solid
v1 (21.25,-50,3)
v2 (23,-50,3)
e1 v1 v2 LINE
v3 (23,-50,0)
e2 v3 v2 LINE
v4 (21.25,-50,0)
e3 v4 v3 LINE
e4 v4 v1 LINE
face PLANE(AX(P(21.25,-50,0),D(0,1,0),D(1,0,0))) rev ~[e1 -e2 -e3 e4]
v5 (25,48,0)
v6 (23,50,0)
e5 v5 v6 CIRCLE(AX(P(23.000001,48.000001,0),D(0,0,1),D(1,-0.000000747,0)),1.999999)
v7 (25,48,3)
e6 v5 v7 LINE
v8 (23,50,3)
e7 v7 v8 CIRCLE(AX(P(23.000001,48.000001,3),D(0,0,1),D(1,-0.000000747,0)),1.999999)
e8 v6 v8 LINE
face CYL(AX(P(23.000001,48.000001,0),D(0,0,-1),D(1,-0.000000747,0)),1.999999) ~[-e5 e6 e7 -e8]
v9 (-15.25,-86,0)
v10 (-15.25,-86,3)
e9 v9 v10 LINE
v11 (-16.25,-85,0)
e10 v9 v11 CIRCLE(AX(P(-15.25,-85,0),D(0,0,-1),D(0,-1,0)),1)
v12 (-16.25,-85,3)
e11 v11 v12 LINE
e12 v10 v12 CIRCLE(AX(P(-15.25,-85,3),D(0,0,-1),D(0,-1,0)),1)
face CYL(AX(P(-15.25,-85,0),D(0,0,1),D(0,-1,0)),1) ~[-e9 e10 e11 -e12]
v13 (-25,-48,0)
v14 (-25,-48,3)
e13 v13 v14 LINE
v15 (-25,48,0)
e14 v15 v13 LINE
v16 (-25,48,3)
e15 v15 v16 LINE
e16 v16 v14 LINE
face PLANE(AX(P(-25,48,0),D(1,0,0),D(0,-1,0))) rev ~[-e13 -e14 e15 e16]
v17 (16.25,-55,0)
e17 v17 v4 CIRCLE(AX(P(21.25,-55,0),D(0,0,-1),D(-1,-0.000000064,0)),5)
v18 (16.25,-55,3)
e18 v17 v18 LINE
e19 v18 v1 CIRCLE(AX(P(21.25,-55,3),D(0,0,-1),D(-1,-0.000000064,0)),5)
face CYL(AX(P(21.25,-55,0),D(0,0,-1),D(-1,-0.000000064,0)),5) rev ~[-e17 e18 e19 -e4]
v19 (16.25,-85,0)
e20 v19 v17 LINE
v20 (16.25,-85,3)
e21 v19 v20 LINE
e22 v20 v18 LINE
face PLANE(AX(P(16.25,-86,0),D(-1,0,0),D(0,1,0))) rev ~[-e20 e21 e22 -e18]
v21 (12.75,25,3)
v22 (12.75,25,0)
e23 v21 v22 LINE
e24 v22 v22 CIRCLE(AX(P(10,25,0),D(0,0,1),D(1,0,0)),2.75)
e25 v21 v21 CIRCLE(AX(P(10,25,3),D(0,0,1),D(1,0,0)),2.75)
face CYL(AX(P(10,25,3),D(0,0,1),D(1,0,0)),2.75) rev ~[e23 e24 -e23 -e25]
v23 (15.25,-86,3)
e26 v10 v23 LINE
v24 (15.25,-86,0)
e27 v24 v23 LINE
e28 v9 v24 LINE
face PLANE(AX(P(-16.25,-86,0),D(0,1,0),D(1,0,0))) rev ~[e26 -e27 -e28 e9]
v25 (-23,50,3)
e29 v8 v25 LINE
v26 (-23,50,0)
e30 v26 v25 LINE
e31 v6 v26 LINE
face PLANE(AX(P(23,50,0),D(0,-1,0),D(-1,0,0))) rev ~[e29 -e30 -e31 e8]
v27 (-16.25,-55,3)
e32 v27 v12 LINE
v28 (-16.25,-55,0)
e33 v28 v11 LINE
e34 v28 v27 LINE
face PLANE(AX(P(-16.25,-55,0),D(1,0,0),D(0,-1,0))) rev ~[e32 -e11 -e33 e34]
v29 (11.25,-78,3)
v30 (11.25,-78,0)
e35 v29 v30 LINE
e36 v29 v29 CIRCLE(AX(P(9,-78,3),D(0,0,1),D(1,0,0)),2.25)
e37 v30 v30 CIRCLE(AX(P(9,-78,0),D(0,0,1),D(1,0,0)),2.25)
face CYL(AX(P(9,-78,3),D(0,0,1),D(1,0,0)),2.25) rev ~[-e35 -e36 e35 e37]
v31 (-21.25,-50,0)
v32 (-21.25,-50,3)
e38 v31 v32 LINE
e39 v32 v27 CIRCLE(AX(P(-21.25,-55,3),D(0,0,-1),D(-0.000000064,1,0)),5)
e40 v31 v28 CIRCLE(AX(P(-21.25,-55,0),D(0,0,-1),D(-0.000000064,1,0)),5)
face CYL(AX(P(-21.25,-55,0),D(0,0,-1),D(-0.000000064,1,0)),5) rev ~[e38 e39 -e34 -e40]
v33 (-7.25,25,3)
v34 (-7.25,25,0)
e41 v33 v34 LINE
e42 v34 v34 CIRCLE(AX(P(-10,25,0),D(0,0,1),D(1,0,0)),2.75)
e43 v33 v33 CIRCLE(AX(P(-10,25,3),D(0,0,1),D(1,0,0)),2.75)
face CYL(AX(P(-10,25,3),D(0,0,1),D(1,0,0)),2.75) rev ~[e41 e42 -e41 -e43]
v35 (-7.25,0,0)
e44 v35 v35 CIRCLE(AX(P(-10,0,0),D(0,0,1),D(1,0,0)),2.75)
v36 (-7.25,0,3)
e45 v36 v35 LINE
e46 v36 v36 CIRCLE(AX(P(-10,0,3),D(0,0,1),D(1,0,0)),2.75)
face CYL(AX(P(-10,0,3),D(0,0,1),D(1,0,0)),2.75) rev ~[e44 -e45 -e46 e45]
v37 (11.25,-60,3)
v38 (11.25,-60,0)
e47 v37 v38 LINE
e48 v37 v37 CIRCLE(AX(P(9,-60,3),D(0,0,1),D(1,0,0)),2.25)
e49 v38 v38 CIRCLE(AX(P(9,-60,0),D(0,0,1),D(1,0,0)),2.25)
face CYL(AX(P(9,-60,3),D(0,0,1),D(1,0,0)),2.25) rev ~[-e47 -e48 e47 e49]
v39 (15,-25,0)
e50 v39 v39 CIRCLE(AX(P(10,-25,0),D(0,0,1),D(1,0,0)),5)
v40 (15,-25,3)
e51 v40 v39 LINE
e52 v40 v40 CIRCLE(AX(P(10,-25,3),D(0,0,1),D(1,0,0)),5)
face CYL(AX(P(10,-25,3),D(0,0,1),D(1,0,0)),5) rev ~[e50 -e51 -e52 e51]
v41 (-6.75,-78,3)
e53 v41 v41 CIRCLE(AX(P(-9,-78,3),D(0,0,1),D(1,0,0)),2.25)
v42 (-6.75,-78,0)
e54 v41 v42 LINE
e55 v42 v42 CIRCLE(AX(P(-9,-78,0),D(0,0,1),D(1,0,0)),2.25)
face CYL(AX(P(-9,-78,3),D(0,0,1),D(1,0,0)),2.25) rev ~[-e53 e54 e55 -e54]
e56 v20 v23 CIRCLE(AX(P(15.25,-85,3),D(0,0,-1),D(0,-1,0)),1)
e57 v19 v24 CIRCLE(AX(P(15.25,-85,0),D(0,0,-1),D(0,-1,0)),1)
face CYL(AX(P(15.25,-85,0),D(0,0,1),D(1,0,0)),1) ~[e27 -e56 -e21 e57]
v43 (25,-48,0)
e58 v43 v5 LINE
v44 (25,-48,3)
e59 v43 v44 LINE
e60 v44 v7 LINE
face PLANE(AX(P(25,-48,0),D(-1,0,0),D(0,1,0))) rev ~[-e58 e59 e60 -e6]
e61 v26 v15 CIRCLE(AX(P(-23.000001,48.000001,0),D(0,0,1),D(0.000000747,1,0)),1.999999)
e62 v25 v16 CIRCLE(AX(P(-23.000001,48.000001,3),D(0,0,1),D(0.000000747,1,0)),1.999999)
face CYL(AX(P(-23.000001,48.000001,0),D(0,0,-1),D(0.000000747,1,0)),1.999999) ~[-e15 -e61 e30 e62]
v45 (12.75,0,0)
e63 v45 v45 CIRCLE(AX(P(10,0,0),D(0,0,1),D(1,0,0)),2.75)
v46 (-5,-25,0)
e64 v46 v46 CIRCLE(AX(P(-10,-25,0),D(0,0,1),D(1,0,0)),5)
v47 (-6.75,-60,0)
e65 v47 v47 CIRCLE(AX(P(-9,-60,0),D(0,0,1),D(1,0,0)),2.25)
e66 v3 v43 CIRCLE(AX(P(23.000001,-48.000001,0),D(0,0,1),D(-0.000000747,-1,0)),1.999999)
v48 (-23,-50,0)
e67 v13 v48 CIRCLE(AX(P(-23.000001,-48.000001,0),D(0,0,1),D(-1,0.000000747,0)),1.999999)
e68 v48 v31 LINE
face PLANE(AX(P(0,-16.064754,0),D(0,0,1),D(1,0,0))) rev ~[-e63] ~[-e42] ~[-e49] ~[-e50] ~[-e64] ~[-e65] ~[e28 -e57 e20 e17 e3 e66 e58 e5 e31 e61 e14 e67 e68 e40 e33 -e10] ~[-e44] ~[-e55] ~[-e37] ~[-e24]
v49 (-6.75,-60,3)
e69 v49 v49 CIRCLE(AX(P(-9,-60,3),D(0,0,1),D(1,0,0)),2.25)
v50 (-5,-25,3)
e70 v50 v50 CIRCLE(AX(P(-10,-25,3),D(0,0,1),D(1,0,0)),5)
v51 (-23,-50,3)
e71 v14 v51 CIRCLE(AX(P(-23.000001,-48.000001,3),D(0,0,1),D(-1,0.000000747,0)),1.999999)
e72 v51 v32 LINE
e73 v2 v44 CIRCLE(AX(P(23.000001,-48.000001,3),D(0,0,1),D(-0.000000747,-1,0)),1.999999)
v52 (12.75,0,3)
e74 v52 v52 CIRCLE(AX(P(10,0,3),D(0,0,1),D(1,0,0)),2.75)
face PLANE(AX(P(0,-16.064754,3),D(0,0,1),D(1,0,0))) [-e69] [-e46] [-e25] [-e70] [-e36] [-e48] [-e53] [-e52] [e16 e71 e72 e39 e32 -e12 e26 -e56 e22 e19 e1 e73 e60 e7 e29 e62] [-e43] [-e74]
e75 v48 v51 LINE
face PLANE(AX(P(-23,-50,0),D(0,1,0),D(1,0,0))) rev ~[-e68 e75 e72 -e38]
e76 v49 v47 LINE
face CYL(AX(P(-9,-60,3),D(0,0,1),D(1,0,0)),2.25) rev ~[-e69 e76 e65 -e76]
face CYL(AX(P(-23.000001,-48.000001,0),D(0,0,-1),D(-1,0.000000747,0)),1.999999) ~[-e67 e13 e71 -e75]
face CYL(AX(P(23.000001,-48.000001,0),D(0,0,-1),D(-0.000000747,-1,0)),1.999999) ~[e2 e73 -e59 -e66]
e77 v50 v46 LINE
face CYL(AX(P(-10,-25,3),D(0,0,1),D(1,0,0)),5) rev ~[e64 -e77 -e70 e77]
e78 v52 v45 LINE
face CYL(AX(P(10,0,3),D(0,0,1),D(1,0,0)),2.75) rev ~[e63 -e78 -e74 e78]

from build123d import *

# Parameters (mm, degrees)
F1_DEPTH = 3
F2_R     = 5
F2_R_2   = 2.75
F3_DEPTH = 3
F4_R     = 2.25
F5_DEPTH = 3
F6_R     = 1


with BuildPart() as f1:
    # F0 (on Top) → F1 (new body)
    with BuildSketch(Plane.XY):
        with BuildLine():
            ThreePointArc((25, 48), (24.414214, 49.414214), (23, 50))
            Line((23, 50), (-23, 50))
            ThreePointArc((-23, 50), (-24.414214, 49.414214), (-25, 48))
            Line((-25, 48), (-25, -48))
            ThreePointArc((-25, -48), (-24.414214, -49.414214), (-23, -50))
            Line((-23, -50), (-21.25, -50))
            ThreePointArc((-21.25, -50), (-17.714466, -51.464466), (-16.25, -55))
            Line((-16.25, -55), (-16.25, -86))
            Line((-16.25, -86), (0, -86))
            Line((0, -86), (16.25, -86))
            Line((16.25, -86), (16.25, -55))
            ThreePointArc((16.25, -55), (17.714466, -51.464466), (21.25, -50))
            Line((21.25, -50), (23, -50))
            ThreePointArc((23, -50), (24.414214, -49.414214), (25, -48))
            Line((25, -48), (25, 48))
        make_face()
    extrude(amount=F1_DEPTH)

    # F2 (on face) → F3 (cut, through all)
    with BuildSketch(Plane.XY.offset(3)):
        with Locations((-10, -25)):
            Circle(F2_R)
        with Locations((-10, 0)):
            Circle(F2_R_2)
        with Locations((-10, 25)):
            Circle(F2_R_2)
        with Locations((10, 25)):
            Circle(F2_R_2)
        with Locations((10, 0)):
            Circle(F2_R_2)
        with Locations((10, -25)):
            Circle(F2_R)
    extrude(amount=-F3_DEPTH, mode=Mode.SUBTRACT)

    # F4 (on face) → F5 (cut, through all)
    with BuildSketch(Plane.XY.offset(3)):
        with Locations((-9, -60)):
            Circle(F4_R)
        with Locations((9, -60)):
            Circle(F4_R)
        with Locations((9, -78)):
            Circle(F4_R)
        with Locations((-9, -78)):
            Circle(F4_R)
    extrude(amount=-F5_DEPTH, mode=Mode.SUBTRACT)

    # F6
    f6_edges = [f1.edges().sort_by_distance(p)[0] for p in [
        (-16.25, -86, 1.5),
        (16.25, -86, 1.5),
    ]]
    fillet(f6_edges, radius=F6_R)


solid = f1.part
